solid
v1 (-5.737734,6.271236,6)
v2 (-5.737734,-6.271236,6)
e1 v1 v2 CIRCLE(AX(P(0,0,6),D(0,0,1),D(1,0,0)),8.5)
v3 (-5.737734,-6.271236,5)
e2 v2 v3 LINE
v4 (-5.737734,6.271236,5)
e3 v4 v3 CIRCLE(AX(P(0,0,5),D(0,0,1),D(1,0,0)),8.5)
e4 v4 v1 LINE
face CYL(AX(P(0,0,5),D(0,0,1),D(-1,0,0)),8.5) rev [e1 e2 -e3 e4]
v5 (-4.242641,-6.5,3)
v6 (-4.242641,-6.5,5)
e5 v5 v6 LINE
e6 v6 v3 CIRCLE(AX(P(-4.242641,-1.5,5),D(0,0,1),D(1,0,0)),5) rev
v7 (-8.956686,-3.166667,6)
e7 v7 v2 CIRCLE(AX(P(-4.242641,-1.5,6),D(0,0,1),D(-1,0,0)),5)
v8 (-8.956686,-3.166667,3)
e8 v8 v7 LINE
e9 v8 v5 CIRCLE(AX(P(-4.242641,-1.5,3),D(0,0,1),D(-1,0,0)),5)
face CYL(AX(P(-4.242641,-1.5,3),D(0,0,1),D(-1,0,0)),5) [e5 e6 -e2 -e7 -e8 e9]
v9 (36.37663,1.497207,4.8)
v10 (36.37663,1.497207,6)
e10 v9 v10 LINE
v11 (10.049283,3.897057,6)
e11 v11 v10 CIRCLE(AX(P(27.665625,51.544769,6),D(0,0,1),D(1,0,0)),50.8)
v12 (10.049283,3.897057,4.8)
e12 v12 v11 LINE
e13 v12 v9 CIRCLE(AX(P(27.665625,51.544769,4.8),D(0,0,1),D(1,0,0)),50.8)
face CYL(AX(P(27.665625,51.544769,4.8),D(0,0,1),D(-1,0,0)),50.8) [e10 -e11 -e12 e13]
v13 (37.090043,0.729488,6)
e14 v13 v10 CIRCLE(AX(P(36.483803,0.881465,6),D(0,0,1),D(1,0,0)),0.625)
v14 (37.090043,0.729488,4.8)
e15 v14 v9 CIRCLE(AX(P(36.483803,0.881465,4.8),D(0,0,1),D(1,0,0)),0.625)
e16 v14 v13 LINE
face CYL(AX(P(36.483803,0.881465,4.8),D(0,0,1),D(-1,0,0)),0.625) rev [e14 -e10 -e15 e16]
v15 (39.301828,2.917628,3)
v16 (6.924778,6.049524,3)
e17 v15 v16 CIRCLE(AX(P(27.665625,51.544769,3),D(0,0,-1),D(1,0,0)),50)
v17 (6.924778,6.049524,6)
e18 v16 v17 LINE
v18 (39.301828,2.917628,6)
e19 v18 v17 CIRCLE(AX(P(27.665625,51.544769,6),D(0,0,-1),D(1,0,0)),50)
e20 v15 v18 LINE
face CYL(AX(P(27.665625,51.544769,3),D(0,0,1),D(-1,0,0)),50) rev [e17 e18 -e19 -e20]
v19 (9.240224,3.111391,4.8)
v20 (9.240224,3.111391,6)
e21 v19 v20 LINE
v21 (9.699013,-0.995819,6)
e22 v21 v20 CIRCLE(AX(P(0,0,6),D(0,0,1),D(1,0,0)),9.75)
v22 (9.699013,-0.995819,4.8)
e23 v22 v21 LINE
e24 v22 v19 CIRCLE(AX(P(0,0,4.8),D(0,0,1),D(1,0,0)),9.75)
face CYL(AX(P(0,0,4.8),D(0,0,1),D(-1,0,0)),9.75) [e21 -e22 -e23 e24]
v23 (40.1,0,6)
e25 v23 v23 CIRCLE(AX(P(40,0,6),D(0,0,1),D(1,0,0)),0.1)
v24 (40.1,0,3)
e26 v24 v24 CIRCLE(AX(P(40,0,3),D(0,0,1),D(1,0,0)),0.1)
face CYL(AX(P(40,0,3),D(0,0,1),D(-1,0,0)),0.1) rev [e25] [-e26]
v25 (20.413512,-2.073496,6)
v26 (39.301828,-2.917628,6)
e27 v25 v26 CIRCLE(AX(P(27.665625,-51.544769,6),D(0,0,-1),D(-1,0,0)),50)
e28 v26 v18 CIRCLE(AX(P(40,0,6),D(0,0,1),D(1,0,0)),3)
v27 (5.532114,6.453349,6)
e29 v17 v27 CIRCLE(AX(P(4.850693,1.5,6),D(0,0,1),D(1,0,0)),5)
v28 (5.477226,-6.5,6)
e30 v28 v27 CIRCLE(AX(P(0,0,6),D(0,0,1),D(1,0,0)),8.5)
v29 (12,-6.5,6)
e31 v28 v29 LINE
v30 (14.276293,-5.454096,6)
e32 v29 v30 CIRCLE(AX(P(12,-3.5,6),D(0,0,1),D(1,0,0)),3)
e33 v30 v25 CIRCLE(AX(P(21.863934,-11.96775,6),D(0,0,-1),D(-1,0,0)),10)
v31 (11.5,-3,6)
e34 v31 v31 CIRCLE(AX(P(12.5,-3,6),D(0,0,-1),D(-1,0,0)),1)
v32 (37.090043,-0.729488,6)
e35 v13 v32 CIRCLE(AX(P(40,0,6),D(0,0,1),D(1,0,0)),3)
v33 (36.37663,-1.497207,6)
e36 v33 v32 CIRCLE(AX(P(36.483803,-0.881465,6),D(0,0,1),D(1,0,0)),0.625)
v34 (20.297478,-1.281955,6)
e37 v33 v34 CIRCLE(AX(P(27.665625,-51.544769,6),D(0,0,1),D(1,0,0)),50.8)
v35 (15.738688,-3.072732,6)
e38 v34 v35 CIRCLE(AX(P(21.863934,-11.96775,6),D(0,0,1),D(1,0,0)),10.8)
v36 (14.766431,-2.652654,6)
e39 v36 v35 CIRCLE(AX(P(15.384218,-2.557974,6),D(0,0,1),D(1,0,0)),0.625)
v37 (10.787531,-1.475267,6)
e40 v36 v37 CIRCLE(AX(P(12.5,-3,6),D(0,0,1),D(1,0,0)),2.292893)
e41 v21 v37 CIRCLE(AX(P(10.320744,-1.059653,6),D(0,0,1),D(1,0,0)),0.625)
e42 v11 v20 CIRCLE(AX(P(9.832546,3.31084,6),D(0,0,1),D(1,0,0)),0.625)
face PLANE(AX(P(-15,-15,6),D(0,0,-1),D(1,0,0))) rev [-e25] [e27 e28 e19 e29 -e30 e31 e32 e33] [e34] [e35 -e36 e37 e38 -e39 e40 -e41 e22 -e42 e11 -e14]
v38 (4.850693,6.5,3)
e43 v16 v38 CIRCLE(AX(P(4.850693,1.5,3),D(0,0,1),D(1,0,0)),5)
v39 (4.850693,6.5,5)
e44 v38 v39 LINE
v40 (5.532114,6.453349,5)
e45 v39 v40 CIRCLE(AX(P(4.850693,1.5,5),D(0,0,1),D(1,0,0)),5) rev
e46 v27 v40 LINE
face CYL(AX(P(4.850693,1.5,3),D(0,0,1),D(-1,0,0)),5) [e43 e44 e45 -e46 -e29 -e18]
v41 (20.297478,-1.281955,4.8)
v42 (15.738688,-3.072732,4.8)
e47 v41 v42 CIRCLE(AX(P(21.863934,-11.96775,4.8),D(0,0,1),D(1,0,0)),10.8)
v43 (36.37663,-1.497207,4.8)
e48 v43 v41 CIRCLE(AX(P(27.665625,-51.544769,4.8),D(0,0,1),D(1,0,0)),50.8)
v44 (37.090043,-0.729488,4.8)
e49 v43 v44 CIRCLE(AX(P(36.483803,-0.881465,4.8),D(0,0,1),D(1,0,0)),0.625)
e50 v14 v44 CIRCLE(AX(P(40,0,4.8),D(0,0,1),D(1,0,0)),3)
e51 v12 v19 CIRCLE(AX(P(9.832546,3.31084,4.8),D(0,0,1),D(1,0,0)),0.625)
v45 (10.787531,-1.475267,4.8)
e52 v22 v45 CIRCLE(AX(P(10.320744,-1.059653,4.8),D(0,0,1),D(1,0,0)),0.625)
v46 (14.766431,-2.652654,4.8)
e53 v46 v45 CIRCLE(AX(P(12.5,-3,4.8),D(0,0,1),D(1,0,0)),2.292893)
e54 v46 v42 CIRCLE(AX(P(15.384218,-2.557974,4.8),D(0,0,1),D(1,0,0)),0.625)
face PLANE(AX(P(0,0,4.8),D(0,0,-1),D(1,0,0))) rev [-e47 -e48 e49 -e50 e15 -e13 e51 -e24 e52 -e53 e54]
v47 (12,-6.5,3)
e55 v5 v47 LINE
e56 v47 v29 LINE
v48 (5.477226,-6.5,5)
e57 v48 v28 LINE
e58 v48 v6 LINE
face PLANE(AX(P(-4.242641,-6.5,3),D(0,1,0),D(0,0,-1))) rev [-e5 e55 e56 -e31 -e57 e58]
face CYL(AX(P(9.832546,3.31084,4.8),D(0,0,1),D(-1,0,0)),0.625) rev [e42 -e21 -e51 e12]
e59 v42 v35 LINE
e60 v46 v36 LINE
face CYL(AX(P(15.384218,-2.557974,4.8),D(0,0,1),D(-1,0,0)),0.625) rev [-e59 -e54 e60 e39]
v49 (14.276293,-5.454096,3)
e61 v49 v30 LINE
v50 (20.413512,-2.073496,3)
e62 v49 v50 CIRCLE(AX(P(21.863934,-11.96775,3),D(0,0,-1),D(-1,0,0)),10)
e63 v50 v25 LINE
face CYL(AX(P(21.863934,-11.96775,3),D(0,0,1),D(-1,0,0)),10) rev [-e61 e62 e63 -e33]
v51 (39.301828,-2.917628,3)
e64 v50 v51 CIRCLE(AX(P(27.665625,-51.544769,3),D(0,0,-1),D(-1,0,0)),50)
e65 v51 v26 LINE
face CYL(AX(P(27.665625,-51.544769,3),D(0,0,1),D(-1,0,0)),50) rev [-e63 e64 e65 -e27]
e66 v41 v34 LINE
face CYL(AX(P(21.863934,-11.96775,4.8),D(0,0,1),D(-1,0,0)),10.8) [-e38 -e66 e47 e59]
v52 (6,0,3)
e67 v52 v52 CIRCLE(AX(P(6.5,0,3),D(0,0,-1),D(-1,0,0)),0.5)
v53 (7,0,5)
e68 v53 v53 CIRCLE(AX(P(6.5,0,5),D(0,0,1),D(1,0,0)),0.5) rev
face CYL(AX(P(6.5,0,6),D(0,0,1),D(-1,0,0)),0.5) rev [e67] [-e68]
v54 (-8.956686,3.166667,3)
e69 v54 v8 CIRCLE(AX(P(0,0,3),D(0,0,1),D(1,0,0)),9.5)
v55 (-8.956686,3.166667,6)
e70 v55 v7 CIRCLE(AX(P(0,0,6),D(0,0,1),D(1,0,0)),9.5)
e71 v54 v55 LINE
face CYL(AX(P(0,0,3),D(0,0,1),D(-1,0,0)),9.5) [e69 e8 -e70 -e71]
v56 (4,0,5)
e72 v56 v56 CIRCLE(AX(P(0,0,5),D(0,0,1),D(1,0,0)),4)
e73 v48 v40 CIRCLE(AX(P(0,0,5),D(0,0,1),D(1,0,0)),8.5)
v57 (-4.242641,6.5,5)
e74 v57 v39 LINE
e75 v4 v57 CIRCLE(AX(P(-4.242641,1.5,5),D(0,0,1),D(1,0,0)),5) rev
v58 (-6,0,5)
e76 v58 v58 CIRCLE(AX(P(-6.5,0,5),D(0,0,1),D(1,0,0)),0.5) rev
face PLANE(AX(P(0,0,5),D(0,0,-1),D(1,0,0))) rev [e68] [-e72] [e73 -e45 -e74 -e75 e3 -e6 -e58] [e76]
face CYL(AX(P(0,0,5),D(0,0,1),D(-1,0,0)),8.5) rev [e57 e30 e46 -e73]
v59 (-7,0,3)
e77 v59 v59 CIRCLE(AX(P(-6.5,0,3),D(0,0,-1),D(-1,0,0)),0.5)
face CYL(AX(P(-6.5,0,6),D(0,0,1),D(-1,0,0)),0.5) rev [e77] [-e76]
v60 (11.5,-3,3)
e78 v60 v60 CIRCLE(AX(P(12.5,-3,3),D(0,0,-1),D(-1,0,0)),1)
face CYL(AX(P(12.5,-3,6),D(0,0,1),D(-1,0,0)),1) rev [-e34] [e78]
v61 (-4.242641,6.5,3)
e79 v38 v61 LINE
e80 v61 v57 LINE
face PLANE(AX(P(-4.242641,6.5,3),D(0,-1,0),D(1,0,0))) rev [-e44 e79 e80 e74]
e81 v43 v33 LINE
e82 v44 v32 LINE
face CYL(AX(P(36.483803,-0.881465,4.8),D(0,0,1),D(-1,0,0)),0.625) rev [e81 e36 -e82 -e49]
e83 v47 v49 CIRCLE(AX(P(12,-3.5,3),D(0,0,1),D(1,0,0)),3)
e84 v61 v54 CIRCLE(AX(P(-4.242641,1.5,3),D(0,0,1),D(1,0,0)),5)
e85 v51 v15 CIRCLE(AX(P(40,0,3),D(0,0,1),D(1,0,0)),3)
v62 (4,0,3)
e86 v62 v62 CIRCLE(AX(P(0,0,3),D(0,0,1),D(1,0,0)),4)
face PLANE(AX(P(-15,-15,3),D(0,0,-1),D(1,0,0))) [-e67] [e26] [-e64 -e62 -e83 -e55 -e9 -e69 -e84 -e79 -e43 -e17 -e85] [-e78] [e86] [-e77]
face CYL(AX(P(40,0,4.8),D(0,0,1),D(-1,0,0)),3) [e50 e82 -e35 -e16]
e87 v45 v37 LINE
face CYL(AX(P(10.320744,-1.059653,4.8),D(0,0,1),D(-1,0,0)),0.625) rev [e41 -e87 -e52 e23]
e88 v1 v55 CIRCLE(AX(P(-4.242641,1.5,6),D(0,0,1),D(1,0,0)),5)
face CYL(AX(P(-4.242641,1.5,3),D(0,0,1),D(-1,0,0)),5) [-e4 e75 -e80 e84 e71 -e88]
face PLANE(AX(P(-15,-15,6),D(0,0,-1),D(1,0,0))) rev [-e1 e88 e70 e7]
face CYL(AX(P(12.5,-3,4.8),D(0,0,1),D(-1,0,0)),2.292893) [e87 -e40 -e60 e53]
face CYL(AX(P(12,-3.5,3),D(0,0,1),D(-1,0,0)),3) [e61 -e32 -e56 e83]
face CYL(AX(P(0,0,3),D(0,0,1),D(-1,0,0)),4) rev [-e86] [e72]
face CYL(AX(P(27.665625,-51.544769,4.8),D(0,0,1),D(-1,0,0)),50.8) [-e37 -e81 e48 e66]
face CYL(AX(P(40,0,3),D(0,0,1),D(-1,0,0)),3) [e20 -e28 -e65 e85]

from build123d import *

# Parameters (mm, degrees)
SKIZZE1_W                       = 70
SKIZZE1_H                       = 30
SKIZZE1_R                       = 4
SKIZZE1_R_2                     = 0.1
LINEAR_AUSTRAGEN1_DEPTH         = 3
F_1_0_1_DIAMETER_HOLE1_D        = 1
F_2_0_2_DIAMETER_HOLE1_D        = 2
SKIZZE7_R                       = 8.5
SCHNITT_LINEAR_AUSTRAGEN1_DEPTH = 1
SKIZZE8_OUTSIDE_W               = 87.244
SKIZZE8_OUTSIDE_H               = 47.244
SCHNITT_LINEAR_AUSTRAGEN2_DEPTH = 58.087651905
SCHNITT_LINEAR_AUSTRAGEN3_DEPTH = 1.2


with BuildPart() as part:
    # Skizze1 → Linear austragen1 (new body)
    with BuildSketch(Plane.XY):
        with Locations((20, 0)):
            Rectangle(SKIZZE1_W, SKIZZE1_H)
        Circle(SKIZZE1_R, mode=Mode.SUBTRACT)
        with Locations((40, 0)):
            Circle(SKIZZE1_R_2, mode=Mode.SUBTRACT)
    extrude(amount=LINEAR_AUSTRAGEN1_DEPTH)

    # Ø1.0 (1) Diameter Hole1 (through all)
    with Locations(Plane(origin=(0, 0, 0), x_dir=(-1, 0, 0), z_dir=(0, 0, -1))):
        with Locations((6.5, 0), (-6.5, 0)):
            Hole(F_1_0_1_DIAMETER_HOLE1_D / 2)

    # Ø2.0 (2) Diameter Hole1 (through all)
    with Locations(Plane(origin=(0, 0, 0), x_dir=(1, 0, 0), z_dir=(0, 0, -1))):
        with Locations((12.5, 3)):
            Hole(F_2_0_2_DIAMETER_HOLE1_D / 2)

    # Skizze7 → Schnitt-Linear austragen1 (cut)
    with BuildSketch(Plane.XY):
        Circle(SKIZZE7_R)
    extrude(amount=SCHNITT_LINEAR_AUSTRAGEN1_DEPTH, mode=Mode.SUBTRACT)

    # Skizze8 outside → Schnitt-Linear austragen2 (cut, through all)
    with BuildSketch(Plane.XY):
        with Locations((20, 0)):
            Rectangle(SKIZZE8_OUTSIDE_W, SKIZZE8_OUTSIDE_H)
        with BuildLine():
            Line((-4.242640687, 6.5), (4.850693198, 6.5))
            ThreePointArc((4.850693198, 6.5), (5.911913676, 6.386083411), (6.924777907, 6.049524439))
            ThreePointArc((6.924777907, 6.049524439), (22.851496839, 1.777066749), (39.30182783, 2.917628424))
            ThreePointArc((39.30182783, 2.917628424), (43, 0), (39.30182783, -2.917628424))
            ThreePointArc((39.30182783, -2.917628424), (29.897933333, -1.594625688), (20.413511825, -2.073495804))
            ThreePointArc((20.413511825, -2.073495804), (17.039126957, -3.208684673), (14.276292568, -5.454096248))
            ThreePointArc((14.276292568, -5.454096248), (13.252539671, -6.226012541), (12, -6.5))
            Line((12, -6.5), (-4.242640687, -6.5))
            ThreePointArc((-4.242640687, -6.5), (-7.129392033, -5.582482905), (-8.956685895, -3.166666667))
            ThreePointArc((-8.956685895, -3.166666667), (-9.5, 0), (-8.956685895, 3.166666667))
            ThreePointArc((-8.956685895, 3.166666667), (-7.129392033, 5.582482905), (-4.242640687, 6.5))
        make_face(mode=Mode.SUBTRACT)
    extrude(amount=SCHNITT_LINEAR_AUSTRAGEN2_DEPTH, mode=Mode.SUBTRACT)

    # Skizze10 → Schnitt-Linear austragen3 (cut)
    with BuildSketch(Plane.XY):
        with BuildLine():
            ThreePointArc((36.376629725, 1.49720748), (23.054109204, 0.954513618), (10.049282761, 3.89705654))
            ThreePointArc((10.049282761, 3.89705654), (9.397134344, 3.759216075), (9.240224203, 3.111391438))
            ThreePointArc((9.240224203, 3.111391438), (9.689735111, 1.082373999), (9.699012563, -0.995818907))
            ThreePointArc((9.699012563, -0.995818907), (10.068812364, -1.631628436), (10.787531238, -1.47526722))
            ThreePointArc((10.787531238, -1.47526722), (13.150598424, -0.801345638), (14.766431088, -2.652653724))
            ThreePointArc((14.766431088, -2.652653724), (15.136326342, -3.131711101), (15.73868827, -3.072731627))
            ThreePointArc((15.73868827, -3.072731627), (17.915226797, -1.915501516), (20.297478014, -1.281955435))
            ThreePointArc((20.297478014, -1.281955435), (28.345625064, -0.749320212), (36.376629725, -1.49720748))
            ThreePointArc((36.376629725, -1.49720748), (36.94164037, -1.30691696), (37.090043464, -0.729488148))
            ThreePointArc((37.090043464, -0.729488148), (37, 0), (37.090043464, 0.729488148))
            ThreePointArc((37.090043464, 0.729488148), (36.94164037, 1.30691696), (36.376629725, 1.49720748))
        make_face()
    extrude(amount=SCHNITT_LINEAR_AUSTRAGEN3_DEPTH, mode=Mode.SUBTRACT)


with BuildPart() as body_2:
    # Mirror1: mirrored copy
    add(part.part.mirror(Plane(origin=(-15, -15, 3), x_dir=(1, 0, 0), z_dir=(0, 0, 1))))


solid = body_2.part
